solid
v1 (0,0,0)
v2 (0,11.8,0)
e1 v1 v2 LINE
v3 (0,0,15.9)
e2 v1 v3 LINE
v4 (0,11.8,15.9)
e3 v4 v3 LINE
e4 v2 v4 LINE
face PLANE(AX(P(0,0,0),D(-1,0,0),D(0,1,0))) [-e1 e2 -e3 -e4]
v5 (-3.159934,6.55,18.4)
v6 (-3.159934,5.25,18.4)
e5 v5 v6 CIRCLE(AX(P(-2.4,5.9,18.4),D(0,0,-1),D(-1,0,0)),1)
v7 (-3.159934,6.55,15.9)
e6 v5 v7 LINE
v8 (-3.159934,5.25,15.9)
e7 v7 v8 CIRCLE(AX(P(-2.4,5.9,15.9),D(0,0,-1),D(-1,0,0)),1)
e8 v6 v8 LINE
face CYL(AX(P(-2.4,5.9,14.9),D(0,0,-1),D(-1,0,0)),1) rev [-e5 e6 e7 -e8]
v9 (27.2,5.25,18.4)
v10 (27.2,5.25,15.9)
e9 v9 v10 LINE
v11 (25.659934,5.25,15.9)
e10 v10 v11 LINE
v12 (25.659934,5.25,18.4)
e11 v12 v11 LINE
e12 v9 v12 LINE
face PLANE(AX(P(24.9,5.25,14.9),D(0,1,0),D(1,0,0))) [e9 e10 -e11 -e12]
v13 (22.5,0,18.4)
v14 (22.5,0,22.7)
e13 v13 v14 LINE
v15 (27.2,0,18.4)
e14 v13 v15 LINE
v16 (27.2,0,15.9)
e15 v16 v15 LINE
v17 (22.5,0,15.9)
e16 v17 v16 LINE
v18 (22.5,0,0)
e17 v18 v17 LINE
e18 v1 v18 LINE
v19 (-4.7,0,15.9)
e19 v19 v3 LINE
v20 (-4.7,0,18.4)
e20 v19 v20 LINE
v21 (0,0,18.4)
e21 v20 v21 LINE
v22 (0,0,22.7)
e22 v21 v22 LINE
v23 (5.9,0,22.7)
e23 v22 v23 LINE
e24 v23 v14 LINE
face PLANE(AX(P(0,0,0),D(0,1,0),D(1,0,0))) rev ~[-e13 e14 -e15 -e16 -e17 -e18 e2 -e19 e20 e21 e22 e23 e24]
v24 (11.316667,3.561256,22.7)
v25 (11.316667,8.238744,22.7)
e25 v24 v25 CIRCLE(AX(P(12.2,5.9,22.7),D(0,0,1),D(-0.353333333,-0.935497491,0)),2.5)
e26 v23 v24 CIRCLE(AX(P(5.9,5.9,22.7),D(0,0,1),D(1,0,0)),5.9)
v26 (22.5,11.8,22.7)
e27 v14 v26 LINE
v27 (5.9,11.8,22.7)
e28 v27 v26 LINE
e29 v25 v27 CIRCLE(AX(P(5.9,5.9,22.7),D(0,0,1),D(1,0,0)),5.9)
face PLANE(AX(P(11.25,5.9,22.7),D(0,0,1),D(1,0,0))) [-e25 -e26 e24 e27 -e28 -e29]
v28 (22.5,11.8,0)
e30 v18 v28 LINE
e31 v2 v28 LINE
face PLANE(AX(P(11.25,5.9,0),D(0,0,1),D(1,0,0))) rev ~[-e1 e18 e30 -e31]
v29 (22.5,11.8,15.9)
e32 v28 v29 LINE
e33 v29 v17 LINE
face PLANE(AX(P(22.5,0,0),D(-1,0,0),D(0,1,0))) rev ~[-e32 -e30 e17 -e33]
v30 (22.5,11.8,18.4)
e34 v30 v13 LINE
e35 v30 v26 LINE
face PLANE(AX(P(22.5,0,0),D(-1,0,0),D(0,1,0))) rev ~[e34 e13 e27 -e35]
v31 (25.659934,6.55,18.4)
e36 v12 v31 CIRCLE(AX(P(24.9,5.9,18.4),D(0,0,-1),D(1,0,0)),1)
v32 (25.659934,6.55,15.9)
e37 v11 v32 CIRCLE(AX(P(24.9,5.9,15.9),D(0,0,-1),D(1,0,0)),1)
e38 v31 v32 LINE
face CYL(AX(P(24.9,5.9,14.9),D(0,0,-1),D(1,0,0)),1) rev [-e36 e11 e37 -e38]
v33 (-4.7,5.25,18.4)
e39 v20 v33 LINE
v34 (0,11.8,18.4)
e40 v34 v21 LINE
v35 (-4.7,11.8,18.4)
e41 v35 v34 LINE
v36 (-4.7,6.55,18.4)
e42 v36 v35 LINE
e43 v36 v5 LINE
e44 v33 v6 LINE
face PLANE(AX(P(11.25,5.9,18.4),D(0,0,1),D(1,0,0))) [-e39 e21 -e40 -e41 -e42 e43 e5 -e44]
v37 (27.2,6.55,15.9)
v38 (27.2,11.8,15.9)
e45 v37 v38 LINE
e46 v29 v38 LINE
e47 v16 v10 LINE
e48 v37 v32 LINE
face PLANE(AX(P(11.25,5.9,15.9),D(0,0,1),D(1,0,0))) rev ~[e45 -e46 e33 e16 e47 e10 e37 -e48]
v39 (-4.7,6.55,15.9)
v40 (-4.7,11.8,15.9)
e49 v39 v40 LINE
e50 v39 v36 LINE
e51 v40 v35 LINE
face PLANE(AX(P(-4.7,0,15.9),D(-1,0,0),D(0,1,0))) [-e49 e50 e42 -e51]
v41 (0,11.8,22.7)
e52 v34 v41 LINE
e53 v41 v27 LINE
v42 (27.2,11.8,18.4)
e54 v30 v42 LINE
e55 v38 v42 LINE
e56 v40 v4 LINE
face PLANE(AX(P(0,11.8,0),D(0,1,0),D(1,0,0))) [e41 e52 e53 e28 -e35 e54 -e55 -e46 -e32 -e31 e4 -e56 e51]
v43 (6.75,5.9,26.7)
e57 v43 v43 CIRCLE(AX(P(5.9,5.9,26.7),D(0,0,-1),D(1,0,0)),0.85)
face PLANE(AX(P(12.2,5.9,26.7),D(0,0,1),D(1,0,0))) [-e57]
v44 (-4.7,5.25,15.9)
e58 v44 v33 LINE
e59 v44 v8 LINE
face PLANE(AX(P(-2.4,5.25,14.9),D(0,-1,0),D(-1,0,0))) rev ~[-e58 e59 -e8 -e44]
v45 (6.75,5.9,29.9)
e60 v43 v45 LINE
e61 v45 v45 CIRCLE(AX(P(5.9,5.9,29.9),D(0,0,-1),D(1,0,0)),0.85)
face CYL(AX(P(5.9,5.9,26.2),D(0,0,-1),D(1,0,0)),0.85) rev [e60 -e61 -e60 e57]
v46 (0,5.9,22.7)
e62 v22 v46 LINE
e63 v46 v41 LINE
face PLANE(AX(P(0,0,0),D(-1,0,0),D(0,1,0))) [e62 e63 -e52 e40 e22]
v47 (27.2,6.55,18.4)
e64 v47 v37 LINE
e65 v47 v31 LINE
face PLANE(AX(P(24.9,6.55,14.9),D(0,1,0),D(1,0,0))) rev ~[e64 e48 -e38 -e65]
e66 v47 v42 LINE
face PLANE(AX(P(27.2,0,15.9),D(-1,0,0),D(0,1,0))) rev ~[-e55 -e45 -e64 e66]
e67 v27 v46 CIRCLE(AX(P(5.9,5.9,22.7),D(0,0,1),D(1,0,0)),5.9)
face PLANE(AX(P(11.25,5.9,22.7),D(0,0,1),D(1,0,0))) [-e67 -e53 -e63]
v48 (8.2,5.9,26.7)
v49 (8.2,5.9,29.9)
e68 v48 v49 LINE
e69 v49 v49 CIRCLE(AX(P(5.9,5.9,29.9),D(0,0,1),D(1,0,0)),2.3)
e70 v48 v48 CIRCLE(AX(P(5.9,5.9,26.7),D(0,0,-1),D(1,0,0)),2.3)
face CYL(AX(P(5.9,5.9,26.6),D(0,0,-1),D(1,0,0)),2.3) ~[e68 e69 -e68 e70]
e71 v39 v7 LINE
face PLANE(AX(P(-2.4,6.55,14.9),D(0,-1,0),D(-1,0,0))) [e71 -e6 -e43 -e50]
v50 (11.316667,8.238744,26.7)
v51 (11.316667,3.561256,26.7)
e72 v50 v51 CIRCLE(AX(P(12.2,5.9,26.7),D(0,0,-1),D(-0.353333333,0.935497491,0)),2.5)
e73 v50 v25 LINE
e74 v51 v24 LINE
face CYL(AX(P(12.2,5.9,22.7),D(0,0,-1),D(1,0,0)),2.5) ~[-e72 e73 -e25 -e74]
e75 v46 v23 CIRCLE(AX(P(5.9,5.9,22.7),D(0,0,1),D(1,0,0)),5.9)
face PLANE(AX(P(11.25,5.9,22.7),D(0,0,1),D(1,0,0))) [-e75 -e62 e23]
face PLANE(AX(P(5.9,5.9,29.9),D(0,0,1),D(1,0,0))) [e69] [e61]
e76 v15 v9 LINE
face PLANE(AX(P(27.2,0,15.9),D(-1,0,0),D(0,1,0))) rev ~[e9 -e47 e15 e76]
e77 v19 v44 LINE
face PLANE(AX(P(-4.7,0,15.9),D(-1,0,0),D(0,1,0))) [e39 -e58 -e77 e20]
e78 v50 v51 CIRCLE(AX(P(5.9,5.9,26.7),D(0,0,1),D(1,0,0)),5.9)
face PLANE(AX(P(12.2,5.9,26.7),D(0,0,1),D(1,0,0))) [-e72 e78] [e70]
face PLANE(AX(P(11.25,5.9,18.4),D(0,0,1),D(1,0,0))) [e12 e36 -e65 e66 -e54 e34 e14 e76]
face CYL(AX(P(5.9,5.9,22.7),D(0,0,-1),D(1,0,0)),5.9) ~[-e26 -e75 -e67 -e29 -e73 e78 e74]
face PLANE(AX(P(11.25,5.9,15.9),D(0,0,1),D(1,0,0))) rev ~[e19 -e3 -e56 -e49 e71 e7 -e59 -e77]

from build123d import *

# Parameters (mm, degrees)
CYLINDER005_R             = 0.85
CYLINDER005_DEPTH         = 4
CYLINDER004_R             = 2.3
CYLINDER004_DEPTH         = 3.3
CYLINDER003_R             = 2.5
CYLINDER003_DEPTH         = 4
CYLINDER002_R             = 5.9
CYLINDER002_DEPTH         = 4
BOX003_W                  = 22.5
BOX003_H                  = 11.8
BOX003_DEPTH              = 22.7
BOX002_W                  = 4.3
BOX002_H                  = 1.3
BOX002_DEPTH              = 5
CYLINDER001_R             = 1
CYLINDER001_DEPTH         = 5
FUSION001_PLACEMENT_ANGLE = 180
BOX001_W                  = 4.3
BOX001_H                  = 1.3
BOX001_DEPTH              = 5
CYLINDER_R                = 1
CYLINDER_DEPTH            = 5
BOX_W                     = 31.9
BOX_H                     = 11.8
BOX_DEPTH                 = 2.5


with BuildPart() as cylinder005:
    # Cylinder005 → Cylinder005 (new body)
    with BuildSketch(Plane.XY.offset(-0.5)):
        Circle(CYLINDER005_R)
    extrude(amount=CYLINDER005_DEPTH)


with BuildPart() as rotor:
    # Cylinder004 → Cylinder004 (new body)
    with BuildSketch(Plane.XY.offset(-0.1)):
        Circle(CYLINDER004_R)
    extrude(amount=CYLINDER004_DEPTH)

    # Cut002: cut Cylinder005
    add(cylinder005.part, mode=Mode.SUBTRACT)


with BuildPart() as rotor_1:
    # Cut002 placement: moved
    add(rotor.part.moved(Location((5.9, 5.9, 26.7))))


with BuildPart() as cylinder003:
    # Cylinder003 → Cylinder003 (new body)
    with BuildSketch(Plane(origin=(6.3, 0, 0), x_dir=(1, 0, 0), z_dir=(0, 0, 1))):
        Circle(CYLINDER003_R)
    extrude(amount=CYLINDER003_DEPTH)


with BuildPart() as soporte_con_rotor:
    # Cylinder002 → Cylinder002 (new body)
    with BuildSketch(Plane.XY):
        Circle(CYLINDER002_R)
    extrude(amount=CYLINDER002_DEPTH)

    # Fusion002: union Cylinder003
    add(cylinder003.part)


with BuildPart() as soporte_con_rotor_1:
    # Fusion002 placement: moved
    add(soporte_con_rotor.part.moved(Location((5.9, 5.9, 22.7))))

    # Fusion004: union rotor
    add(rotor_1.part)


with BuildPart() as base:
    # Box003 → Box003 (new body)
    with BuildSketch(Plane.XY):
        with Locations((11.25, 5.9)):
            Rectangle(BOX003_W, BOX003_H)
    extrude(amount=BOX003_DEPTH)


with BuildPart() as taladro_cubo001:
    # Box002 → Box002 (new body)
    with BuildSketch(Plane(origin=(0, -0.65, 0), x_dir=(1, 0, 0), z_dir=(0, 0, 1))):
        with Locations((2.15, 0.65)):
            Rectangle(BOX002_W, BOX002_H)
    extrude(amount=BOX002_DEPTH)


with BuildPart() as fusion001:
    # Cylinder001 → Cylinder001 (new body)
    with BuildSketch(Plane.XY):
        Circle(CYLINDER001_R)
    extrude(amount=CYLINDER001_DEPTH)

    # Fusion001: union taladro-cubo001
    add(taladro_cubo001.part)


with BuildPart() as fusion001_1:
    # Fusion001 placement: moved
    add(fusion001.part.moved(Location((2.3, 5.9, -1))).rotate(Axis((2.3, 5.9, -1), (0, 0, 1)), FUSION001_PLACEMENT_ANGLE))


with BuildPart() as taladro_cubo:
    # Box001 → Box001 (new body)
    with BuildSketch(Plane(origin=(0, -0.65, 0), x_dir=(1, 0, 0), z_dir=(0, 0, 1))):
        with Locations((2.15, 0.65)):
            Rectangle(BOX001_W, BOX001_H)
    extrude(amount=BOX001_DEPTH)


with BuildPart() as fusion:
    # Cylinder → Cylinder (new body)
    with BuildSketch(Plane.XY):
        Circle(CYLINDER_R)
    extrude(amount=CYLINDER_DEPTH)

    # Fusion: union taladro-cubo
    add(taladro_cubo.part)


with BuildPart() as fusion_1:
    # Fusion placement: moved
    add(fusion.part.moved(Location((29.6, 5.9, -1))))


with BuildPart() as fusion005:
    # Box → Box (new body)
    with BuildSketch(Plane.XY):
        with Locations((15.95, 5.9)):
            Rectangle(BOX_W, BOX_H)
    extrude(amount=BOX_DEPTH)

    # Cut: cut Fusion
    add(fusion_1.part, mode=Mode.SUBTRACT)

    # Cut001: cut Fusion001
    add(fusion001_1.part, mode=Mode.SUBTRACT)


with BuildPart() as fusion005_1:
    # Cut001 placement: moved
    add(fusion005.part.moved(Location((-4.7, 0, 15.9))))

    # Fusion003: union base
    add(base.part)

    # Fusion005: union soporte-con-rotor
    add(soporte_con_rotor_1.part)


solid = fusion005_1.part
